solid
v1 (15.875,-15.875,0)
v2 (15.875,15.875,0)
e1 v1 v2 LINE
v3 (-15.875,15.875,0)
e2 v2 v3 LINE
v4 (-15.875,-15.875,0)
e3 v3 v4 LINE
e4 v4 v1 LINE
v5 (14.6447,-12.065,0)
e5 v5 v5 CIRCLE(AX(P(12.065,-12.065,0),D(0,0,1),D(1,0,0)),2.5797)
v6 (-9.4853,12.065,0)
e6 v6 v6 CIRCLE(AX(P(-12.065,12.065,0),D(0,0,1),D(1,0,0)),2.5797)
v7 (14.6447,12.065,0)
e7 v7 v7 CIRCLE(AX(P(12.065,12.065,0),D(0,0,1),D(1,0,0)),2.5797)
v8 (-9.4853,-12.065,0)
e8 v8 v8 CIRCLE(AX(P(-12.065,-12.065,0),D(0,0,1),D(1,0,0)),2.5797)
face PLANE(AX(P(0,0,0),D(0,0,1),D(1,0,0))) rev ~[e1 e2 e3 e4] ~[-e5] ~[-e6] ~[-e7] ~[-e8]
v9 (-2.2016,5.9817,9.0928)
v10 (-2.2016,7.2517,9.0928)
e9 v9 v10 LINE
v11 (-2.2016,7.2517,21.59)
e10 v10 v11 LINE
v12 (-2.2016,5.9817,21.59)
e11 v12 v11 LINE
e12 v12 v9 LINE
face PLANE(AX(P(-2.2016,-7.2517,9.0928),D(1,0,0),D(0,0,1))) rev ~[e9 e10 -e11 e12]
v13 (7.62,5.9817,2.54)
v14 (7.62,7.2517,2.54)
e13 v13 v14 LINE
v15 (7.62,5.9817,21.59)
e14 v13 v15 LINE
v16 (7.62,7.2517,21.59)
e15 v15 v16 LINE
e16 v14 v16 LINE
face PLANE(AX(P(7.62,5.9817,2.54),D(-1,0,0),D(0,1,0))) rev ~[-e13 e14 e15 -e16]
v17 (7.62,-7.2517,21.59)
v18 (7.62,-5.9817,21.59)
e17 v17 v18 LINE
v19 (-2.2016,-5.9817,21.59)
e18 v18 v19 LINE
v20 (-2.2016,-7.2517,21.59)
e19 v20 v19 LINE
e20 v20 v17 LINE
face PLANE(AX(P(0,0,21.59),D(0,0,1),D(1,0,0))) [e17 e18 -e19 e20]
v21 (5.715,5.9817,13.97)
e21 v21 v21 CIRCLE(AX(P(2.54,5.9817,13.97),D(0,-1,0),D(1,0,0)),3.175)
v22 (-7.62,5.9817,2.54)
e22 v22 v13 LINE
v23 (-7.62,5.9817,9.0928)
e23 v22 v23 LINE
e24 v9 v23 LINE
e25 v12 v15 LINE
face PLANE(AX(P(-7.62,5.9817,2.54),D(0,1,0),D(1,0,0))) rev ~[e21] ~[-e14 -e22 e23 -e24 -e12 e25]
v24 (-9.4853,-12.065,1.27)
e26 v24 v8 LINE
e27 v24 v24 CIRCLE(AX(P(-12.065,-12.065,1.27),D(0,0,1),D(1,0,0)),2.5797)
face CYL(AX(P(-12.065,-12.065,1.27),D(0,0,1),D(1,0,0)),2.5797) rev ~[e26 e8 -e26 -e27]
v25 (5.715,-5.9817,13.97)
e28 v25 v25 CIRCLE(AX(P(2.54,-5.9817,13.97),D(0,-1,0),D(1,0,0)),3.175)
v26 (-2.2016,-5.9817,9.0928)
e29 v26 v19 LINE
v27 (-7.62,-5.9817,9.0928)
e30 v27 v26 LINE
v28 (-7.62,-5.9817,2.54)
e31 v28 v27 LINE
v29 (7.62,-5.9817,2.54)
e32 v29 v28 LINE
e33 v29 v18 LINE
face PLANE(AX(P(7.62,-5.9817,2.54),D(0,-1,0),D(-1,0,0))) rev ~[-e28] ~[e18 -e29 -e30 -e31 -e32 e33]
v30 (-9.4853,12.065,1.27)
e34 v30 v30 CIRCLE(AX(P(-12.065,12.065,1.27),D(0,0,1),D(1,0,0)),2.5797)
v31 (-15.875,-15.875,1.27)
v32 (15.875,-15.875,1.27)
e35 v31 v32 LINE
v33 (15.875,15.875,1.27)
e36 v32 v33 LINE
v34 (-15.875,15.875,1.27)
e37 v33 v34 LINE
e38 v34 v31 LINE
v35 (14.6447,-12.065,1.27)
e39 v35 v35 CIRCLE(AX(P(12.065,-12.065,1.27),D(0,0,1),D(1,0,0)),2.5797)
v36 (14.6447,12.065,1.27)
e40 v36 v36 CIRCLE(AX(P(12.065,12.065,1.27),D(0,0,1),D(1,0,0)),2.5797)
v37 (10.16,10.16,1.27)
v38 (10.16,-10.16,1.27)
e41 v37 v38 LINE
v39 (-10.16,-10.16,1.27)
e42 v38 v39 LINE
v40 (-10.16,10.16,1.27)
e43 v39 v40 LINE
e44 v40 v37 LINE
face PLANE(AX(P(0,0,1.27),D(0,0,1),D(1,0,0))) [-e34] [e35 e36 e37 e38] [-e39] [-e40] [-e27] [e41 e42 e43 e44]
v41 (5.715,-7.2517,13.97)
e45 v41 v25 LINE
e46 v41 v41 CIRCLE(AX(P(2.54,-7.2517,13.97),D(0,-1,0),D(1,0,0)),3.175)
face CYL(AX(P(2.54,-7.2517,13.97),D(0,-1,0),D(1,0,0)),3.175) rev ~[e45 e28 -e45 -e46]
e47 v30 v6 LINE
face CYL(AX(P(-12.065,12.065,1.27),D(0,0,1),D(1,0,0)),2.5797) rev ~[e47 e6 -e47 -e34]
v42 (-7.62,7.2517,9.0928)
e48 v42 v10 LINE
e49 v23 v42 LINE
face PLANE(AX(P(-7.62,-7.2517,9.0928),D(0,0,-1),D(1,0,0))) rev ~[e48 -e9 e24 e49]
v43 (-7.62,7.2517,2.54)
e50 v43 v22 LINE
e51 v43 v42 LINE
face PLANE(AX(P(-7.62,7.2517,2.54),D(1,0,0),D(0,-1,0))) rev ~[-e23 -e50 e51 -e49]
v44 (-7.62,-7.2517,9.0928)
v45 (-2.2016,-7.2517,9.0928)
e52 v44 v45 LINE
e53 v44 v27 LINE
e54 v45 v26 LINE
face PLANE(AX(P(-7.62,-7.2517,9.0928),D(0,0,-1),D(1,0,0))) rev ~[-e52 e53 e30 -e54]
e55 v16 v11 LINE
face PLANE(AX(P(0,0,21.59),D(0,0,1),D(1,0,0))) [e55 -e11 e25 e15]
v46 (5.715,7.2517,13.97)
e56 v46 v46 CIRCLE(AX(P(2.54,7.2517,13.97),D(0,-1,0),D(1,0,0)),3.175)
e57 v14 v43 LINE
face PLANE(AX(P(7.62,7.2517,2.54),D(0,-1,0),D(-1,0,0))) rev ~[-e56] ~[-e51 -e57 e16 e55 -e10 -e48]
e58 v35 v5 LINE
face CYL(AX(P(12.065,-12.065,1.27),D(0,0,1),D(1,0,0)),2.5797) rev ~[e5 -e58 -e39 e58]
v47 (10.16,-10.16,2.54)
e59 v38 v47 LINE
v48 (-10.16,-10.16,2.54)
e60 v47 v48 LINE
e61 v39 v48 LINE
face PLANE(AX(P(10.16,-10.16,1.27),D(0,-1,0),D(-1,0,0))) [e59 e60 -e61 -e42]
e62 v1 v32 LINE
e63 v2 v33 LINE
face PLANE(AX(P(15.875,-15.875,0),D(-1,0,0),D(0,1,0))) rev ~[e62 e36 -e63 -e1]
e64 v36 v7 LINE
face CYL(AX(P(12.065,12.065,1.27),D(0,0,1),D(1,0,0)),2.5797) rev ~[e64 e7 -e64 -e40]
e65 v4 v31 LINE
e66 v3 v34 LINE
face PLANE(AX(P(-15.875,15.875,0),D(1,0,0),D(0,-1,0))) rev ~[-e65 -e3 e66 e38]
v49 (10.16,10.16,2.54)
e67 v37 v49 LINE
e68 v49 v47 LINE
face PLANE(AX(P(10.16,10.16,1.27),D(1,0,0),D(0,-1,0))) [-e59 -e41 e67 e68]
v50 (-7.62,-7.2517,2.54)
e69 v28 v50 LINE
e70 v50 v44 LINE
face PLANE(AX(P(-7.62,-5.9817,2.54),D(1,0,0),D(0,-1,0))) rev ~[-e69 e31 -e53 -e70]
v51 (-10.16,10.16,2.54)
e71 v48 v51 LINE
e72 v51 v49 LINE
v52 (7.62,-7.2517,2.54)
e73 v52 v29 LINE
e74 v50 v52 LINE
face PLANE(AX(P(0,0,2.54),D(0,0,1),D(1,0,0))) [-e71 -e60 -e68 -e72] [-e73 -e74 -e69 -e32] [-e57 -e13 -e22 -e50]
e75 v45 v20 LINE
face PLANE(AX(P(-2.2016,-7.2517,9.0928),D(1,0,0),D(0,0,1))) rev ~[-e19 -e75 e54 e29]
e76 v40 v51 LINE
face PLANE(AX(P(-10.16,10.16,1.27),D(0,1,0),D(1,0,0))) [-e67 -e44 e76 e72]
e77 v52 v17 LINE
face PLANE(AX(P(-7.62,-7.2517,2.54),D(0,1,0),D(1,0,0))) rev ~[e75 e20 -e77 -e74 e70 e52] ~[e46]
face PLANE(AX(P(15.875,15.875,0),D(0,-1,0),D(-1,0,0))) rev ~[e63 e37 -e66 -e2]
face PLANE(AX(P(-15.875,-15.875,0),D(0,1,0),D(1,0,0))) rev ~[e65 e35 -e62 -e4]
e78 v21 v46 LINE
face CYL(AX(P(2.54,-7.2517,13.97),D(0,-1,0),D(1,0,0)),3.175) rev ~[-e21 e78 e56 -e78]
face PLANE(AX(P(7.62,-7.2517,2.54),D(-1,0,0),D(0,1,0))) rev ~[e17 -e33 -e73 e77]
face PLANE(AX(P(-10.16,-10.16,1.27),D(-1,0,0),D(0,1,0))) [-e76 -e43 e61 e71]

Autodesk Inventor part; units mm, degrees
ref_plane "YZ Plane" through (0, 0, 0) normal (1, 0, 0) x (0, 1, 0)
ref_plane "XZ Plane" through (0, 0, 0) normal (0, 1, 0) x (-1, 0, 0)
ref_plane "XY Plane" through (0, 0, 0) normal (0, 0, 1) x (1, 0, 0)
sketch "Sketch1" plane through (0, 0, 0) normal (0, 0, 1) x (1, 0, 0)
  line L0 (15.875, 15.875) -> (-15.875, 15.875)
  line L1 (-15.875, 15.875) -> (-15.875, -15.875)
  line L2 (-15.875, -15.875) -> (15.875, -15.875)
  line L3 (15.875, -15.875) -> (15.875, 15.875)
  line L4 (15.875, 15.875) -> (-15.875, -15.875) construction
  line L5 (-15.875, 15.875) -> (15.875, -15.875) construction
  point P0 (0, 0)
  dimension "d0" = 31.75
  dimension "d1" = 31.75
extrude "Extrusion1" add sketch "Sketch1" along normal blind 1.27
sketch "Sketch2" plane through (0, 0, 1.27) normal (0, 0, 1) x (1, 0, 0)
  line L0 (-10.16, 10.16) -> (10.16, 10.16)
  line L1 (10.16, 10.16) -> (10.16, -10.16)
  line L2 (10.16, -10.16) -> (-10.16, -10.16)
  line L3 (-10.16, -10.16) -> (-10.16, 10.16)
  line L4 (15.875, 15.875) -> (-15.875, 15.875) projected
  line L5 (15.875, -15.875) -> (15.875, 15.875) projected
  line L6 (-15.875, -15.875) -> (15.875, -15.875) projected
  line L7 (-15.875, 15.875) -> (-15.875, -15.875) projected
  point P0 (0, 0)
  dimension "d4" = 5.715
  dimension "d5" = 5.715
  dimension "d6" = 5.715
  dimension "d7" = 5.715
extrude "Extrusion2" add sketch "Sketch2" along normal blind 1.27 contours L0 L1 L2 L3
sketch "Sketch3" plane through (0, 0, 2.54) normal (0, 0, 1) x (1, 0, 0)
  line L0 (-7.62, 5.9817) -> (7.62, 5.9817)
  line L1 (7.62, 5.9817) -> (7.62, 7.2517)
  line L2 (7.62, 7.2517) -> (-7.62, 7.2517)
  line L3 (-7.62, 7.2517) -> (-7.62, 5.9817)
  line L4 (10.16, -10.16) -> (10.16, 10.16) projected
  line L5 (-10.16, 10.16) -> (-10.16, -10.16) projected
  line L6 (10.16, 10.16) -> (-10.16, 10.16) projected
  line L7 (-7.62, -7.2517) -> (7.62, -7.2517)
  line L8 (7.62, -7.2517) -> (7.62, -5.9817)
  line L9 (7.62, -5.9817) -> (-7.62, -5.9817)
  line L10 (-7.62, -5.9817) -> (-7.62, -7.2517)
  line L11 (-10.16, -10.16) -> (10.16, -10.16) projected
  point P0 (0, 0)
  dimension "d48" = 1.27
  dimension "d49" = 11.9634
  dimension "d50" = 1.27
  dimension "d54" = 2.54
  dimension "d55" = 2.54
  dimension "d56" = 2.54
  dimension "d57" = 2.54
  dimension "d58" = 2.9083
  dimension "d59" = 2.921
extrude "Extrusion3" add sketch "Sketch3" along normal blind 19.05 contours L3 L2 L1 L0 | L10 L9 L8 L7
sketch "Sketch4" plane through (-7.62, -7.2517, 2.54) normal (0, -1, 0) x (1, 0, 0)
  circle A0 centre (10.16, 11.43) radius 3.175
  line L0 (0, 19.05) -> (15.24, 19.05) projected
  line L1 (0, 0) -> (0, 19.05) projected
  point P0 (7.62, -2.54)
  dimension "d20" = 6.35
  dimension "d21" = 7.62
  dimension "d44" = 10.16
extrude "Extrusion4" cut sketch "Sketch4" against normal blind 127
sketch "Sketch5" plane through (0, 0, 1.27) normal (0, 0, 1) x (1, 0, 0)
  circle A0 centre (-12.065, 12.065) radius 2.5797
  line L0 (-15.875, -15.875) -> (15.875, -15.875) projected
  line L1 (15.875, -15.875) -> (15.875, 15.875) projected
  circle A1 centre (12.065, 12.065) radius 2.5797
  line L2 (15.875, 15.875) -> (-15.875, 15.875) projected
  line L3 (-15.875, 15.875) -> (-15.875, -15.875) projected
  circle A2 centre (-12.065, -12.065) radius 2.5797
  circle A3 centre (12.065, -12.065) radius 2.5797
  point P0 (0, 0)
  dimension "d24" = 5.1594
  dimension "d28" = 5.1594
  dimension "d29" = 3.81
  dimension "d30" = 3.81
  dimension "d31" = 3.81
  dimension "d32" = 3.81
  dimension "d33" = 5.1594
  dimension "d34" = 3.81
  dimension "d35" = 3.81
  dimension "d36" = 5.1594
  dimension "d37" = 3.81
  dimension "d38" = 3.81
extrude "Extrusion5" cut sketch "Sketch5" against normal blind 12.7 contours A0 | A1 | A2 | A3
sketch "Sketch6" plane through (-7.62, -7.2517, 2.54) normal (0, -1, 0) x (1, 0, 0)
  line L0 (0, 0) -> (0, 19.05) projected
  line L1 (0, 19.05) -> (15.24, 19.05) projected
  line L2 (0, 6.5528) -> (5.4184, 6.5528)
  line L3 (5.4184, 6.5528) -> (5.4184, 19.05)
  line L4 (5.4184, 19.05) -> (0, 19.05)
  line L5 (0, 19.05) -> (0, 6.5528)
  point P0 (7.62, -2.54)
extrude "Extrusion6" cut sketch "Sketch6" against normal blind 101.6
equation "\"d5\" = d4"
equation "\"d6\" = d4"
equation "\"d7\" = d4"
equation "\"d50\" = d48"
equation "\"d55\" = d54"
equation "\"d56\" = d54"
equation "\"d57\" = d54"
equation "\"d28\" = d24"
equation "\"d30\" = d29"
equation "\"d31\" = d29"
equation "\"d32\" = d29"
equation "\"d33\" = d24"
equation "\"d34\" = d29"
equation "\"d35\" = d29"
equation "\"d36\" = d24"
equation "\"d37\" = d29"
equation "\"d38\" = d29"
properties part number "pneumatics back holder"
